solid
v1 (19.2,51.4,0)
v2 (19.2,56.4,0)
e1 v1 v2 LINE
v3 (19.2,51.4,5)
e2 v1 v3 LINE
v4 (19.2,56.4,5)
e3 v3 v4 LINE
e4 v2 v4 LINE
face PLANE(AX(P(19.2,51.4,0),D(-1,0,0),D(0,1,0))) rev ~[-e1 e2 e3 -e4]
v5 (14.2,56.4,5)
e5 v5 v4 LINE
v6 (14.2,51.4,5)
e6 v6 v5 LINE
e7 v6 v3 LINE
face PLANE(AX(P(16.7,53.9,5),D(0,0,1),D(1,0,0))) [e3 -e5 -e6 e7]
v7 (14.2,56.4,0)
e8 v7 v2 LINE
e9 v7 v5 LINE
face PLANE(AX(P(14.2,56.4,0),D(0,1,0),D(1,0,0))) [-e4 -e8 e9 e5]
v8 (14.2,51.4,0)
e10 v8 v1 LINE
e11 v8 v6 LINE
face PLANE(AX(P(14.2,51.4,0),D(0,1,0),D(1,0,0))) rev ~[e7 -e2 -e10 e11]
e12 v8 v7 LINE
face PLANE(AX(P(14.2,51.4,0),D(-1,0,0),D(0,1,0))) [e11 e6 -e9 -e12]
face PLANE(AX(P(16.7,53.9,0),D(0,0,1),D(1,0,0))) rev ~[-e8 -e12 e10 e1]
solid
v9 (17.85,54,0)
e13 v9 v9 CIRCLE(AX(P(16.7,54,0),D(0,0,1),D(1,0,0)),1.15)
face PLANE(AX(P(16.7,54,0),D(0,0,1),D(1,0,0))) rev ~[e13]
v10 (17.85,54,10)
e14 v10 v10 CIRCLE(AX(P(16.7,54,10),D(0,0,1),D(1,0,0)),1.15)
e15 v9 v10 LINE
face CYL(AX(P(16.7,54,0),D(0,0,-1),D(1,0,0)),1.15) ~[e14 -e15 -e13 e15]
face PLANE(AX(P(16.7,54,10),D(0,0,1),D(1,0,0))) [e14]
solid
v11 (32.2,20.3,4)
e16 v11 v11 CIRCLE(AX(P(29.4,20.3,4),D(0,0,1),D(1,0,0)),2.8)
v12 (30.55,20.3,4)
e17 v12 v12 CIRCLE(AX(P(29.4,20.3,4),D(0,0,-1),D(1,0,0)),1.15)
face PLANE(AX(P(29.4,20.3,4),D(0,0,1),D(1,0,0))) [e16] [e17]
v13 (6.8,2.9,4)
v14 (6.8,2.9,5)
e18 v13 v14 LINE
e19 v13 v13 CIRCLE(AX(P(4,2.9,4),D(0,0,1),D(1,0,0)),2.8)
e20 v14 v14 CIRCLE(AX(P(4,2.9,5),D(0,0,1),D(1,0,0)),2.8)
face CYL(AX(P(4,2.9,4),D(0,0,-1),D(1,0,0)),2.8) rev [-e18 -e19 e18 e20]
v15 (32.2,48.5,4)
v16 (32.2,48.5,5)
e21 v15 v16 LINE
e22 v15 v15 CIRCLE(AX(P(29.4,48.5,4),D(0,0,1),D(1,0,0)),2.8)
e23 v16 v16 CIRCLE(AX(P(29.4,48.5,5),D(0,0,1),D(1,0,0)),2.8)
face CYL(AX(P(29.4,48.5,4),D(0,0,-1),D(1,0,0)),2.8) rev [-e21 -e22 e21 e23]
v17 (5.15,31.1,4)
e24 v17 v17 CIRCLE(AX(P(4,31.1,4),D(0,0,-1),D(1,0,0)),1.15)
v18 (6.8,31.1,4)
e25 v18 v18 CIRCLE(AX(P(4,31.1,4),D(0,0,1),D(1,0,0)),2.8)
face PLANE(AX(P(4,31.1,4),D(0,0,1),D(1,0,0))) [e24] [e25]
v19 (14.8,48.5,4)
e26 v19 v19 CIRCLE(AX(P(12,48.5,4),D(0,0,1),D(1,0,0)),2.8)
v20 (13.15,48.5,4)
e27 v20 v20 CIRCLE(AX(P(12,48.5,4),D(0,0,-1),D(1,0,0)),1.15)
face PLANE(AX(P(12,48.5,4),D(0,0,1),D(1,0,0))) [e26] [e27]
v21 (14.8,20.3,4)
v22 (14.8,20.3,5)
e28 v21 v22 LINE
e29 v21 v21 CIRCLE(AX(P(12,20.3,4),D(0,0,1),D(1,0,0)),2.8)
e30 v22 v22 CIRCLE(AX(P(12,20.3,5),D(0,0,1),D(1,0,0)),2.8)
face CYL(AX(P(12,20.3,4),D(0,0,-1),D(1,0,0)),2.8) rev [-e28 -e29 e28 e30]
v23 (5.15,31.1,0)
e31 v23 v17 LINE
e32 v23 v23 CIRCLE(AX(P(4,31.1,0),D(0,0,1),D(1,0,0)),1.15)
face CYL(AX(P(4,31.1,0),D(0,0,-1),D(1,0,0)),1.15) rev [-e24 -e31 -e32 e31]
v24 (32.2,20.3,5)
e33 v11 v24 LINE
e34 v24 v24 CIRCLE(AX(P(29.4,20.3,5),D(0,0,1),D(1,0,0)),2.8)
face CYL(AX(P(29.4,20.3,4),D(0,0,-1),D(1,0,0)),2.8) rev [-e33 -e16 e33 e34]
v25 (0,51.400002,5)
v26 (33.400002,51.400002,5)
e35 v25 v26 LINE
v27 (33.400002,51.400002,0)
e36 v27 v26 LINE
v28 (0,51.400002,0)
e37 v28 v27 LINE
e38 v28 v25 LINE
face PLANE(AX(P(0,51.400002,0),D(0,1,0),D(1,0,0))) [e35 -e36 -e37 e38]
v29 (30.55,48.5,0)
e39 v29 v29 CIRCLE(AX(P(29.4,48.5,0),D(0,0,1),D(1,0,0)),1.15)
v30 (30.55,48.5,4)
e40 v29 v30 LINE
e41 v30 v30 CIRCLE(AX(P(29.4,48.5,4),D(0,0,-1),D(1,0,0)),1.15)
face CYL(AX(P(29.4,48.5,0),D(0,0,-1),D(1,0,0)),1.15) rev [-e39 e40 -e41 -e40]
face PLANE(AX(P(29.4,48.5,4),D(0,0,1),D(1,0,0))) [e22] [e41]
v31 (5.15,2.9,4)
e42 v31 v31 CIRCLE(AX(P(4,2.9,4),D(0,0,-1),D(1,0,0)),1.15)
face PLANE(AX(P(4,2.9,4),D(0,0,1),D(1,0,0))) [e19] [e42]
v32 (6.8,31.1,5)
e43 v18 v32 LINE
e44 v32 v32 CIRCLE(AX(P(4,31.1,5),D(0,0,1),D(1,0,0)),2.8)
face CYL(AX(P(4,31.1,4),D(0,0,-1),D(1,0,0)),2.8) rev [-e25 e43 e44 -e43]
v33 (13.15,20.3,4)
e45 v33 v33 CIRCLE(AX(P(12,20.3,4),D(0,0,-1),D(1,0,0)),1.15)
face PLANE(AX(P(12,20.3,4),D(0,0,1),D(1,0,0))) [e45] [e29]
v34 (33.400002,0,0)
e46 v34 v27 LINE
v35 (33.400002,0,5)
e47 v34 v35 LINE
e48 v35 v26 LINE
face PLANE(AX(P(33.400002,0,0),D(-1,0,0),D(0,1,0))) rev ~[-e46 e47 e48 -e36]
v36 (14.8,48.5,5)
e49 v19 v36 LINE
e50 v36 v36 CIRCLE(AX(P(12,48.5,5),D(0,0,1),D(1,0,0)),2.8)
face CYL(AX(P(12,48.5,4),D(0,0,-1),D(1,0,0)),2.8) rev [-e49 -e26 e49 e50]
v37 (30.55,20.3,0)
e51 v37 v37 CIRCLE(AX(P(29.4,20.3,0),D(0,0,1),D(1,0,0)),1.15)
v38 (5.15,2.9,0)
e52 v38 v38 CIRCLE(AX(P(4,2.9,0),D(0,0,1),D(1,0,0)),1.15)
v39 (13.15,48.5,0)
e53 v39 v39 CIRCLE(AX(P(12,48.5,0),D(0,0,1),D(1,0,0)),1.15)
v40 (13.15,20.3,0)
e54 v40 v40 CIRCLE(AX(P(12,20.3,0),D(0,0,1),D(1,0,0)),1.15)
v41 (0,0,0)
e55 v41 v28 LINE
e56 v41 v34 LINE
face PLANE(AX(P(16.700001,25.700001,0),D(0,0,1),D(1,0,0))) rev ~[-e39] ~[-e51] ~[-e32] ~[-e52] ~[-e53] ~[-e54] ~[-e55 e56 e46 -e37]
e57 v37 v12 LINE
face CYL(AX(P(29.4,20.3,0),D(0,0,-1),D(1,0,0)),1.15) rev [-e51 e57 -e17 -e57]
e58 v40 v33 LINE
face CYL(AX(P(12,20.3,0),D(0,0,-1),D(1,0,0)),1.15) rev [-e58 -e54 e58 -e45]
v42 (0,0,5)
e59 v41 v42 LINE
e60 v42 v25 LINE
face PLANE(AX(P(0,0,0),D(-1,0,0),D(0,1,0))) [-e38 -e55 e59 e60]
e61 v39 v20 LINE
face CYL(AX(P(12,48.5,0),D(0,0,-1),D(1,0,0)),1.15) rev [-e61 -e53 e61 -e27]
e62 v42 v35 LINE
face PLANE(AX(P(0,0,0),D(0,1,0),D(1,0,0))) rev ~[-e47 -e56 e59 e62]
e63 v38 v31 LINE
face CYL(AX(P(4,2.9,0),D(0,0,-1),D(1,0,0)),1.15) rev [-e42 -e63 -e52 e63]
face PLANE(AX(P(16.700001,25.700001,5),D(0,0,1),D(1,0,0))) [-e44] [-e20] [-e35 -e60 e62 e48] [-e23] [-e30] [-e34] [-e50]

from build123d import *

# Parameters (mm, degrees)
CYLINDER001_R                 = 1.15
CYLINDER001_DEPTH             = 10
CYLINDER002_R                 = 2.8
CYLINDER002_DEPTH             = 1
CYLINDER001001_R              = 1.15
CYLINDER001001_DEPTH          = 10
CYLINDER002001_R              = 2.8
CYLINDER002001_DEPTH          = 1
CYLINDER001001001_R           = 1.15
CYLINDER001001001_DEPTH       = 10
CYLINDER002001001_R           = 2.8
CYLINDER002001001_DEPTH       = 1
CYLINDER001001001001_R        = 1.15
CYLINDER001001001001_DEPTH    = 10
CYLINDER002001001001_R        = 2.8
CYLINDER002001001001_DEPTH    = 1
CYLINDER001001001001001_R     = 1.15
CYLINDER001001001001001_DEPTH = 10
CYLINDER002001001002_R        = 2.8
CYLINDER002001001002_DEPTH    = 1
CYLINDER001001001001002_R     = 1.15
CYLINDER001001001001002_DEPTH = 10
CYLINDER_R                    = 2.8
CYLINDER_DEPTH                = 1
BOX_W                         = 33.400002
BOX_H                         = 51.400002
BOX_DEPTH                     = 5
BOX001_W                      = 5
BOX001_H                      = 5
BOX001_DEPTH                  = 5
CYLINDER001001001001003_R     = 1.15
CYLINDER001001001001003_DEPTH = 10


with BuildPart() as cylinder001:
    # Cylinder001 → Cylinder001 (new body)
    with BuildSketch(Plane(origin=(4, 2.9, 0), x_dir=(1, 0, 0), z_dir=(0, 0, 1))):
        Circle(CYLINDER001_R)
    extrude(amount=CYLINDER001_DEPTH)


with BuildPart() as cylinder002:
    # Cylinder002 → Cylinder002 (new body)
    with BuildSketch(Plane(origin=(4, 31.1, 4), x_dir=(1, 0, 0), z_dir=(0, 0, 1))):
        Circle(CYLINDER002_R)
    extrude(amount=CYLINDER002_DEPTH)


with BuildPart() as cylinder001001:
    # Cylinder001001 → Cylinder001001 (new body)
    with BuildSketch(Plane(origin=(4, 31.1, 0), x_dir=(1, 0, 0), z_dir=(0, 0, 1))):
        Circle(CYLINDER001001_R)
    extrude(amount=CYLINDER001001_DEPTH)


with BuildPart() as cylinder002001:
    # Cylinder002001 → Cylinder002001 (new body)
    with BuildSketch(Plane(origin=(12, 20.3, 4), x_dir=(1, 0, 0), z_dir=(0, 0, 1))):
        Circle(CYLINDER002001_R)
    extrude(amount=CYLINDER002001_DEPTH)


with BuildPart() as cylinder001001001:
    # Cylinder001001001 → Cylinder001001001 (new body)
    with BuildSketch(Plane(origin=(12, 20.3, 0), x_dir=(1, 0, 0), z_dir=(0, 0, 1))):
        Circle(CYLINDER001001001_R)
    extrude(amount=CYLINDER001001001_DEPTH)


with BuildPart() as cylinder002001001:
    # Cylinder002001001 → Cylinder002001001 (new body)
    with BuildSketch(Plane(origin=(12, 48.5, 4), x_dir=(1, 0, 0), z_dir=(0, 0, 1))):
        Circle(CYLINDER002001001_R)
    extrude(amount=CYLINDER002001001_DEPTH)


with BuildPart() as cylinder001001001001:
    # Cylinder001001001001 → Cylinder001001001001 (new body)
    with BuildSketch(Plane(origin=(12, 48.5, 0), x_dir=(1, 0, 0), z_dir=(0, 0, 1))):
        Circle(CYLINDER001001001001_R)
    extrude(amount=CYLINDER001001001001_DEPTH)


with BuildPart() as cylinder002001001001:
    # Cylinder002001001001 → Cylinder002001001001 (new body)
    with BuildSketch(Plane(origin=(29.4, 48.5, 4), x_dir=(1, 0, 0), z_dir=(0, 0, 1))):
        Circle(CYLINDER002001001001_R)
    extrude(amount=CYLINDER002001001001_DEPTH)


with BuildPart() as cylinder001001001001001:
    # Cylinder001001001001001 → Cylinder001001001001001 (new body)
    with BuildSketch(Plane(origin=(29.4, 48.5, 0), x_dir=(1, 0, 0), z_dir=(0, 0, 1))):
        Circle(CYLINDER001001001001001_R)
    extrude(amount=CYLINDER001001001001001_DEPTH)


with BuildPart() as cylinder002001001002:
    # Cylinder002001001002 → Cylinder002001001002 (new body)
    with BuildSketch(Plane(origin=(29.4, 20.3, 4), x_dir=(1, 0, 0), z_dir=(0, 0, 1))):
        Circle(CYLINDER002001001002_R)
    extrude(amount=CYLINDER002001001002_DEPTH)


with BuildPart() as cylinder001001001001002:
    # Cylinder001001001001002 → Cylinder001001001001002 (new body)
    with BuildSketch(Plane(origin=(29.4, 20.3, 0), x_dir=(1, 0, 0), z_dir=(0, 0, 1))):
        Circle(CYLINDER001001001001002_R)
    extrude(amount=CYLINDER001001001001002_DEPTH)


with BuildPart() as cylinder:
    # Cylinder → Cylinder (new body)
    with BuildSketch(Plane(origin=(4, 2.9, 4), x_dir=(1, 0, 0), z_dir=(0, 0, 1))):
        Circle(CYLINDER_R)
    extrude(amount=CYLINDER_DEPTH)


with BuildPart() as cut011:
    # Box → Box (new body)
    with BuildSketch(Plane.XY):
        with Locations((16.700001, 25.700001)):
            Rectangle(BOX_W, BOX_H)
    extrude(amount=BOX_DEPTH)

    # Cut: cut Cylinder
    add(cylinder.part, mode=Mode.SUBTRACT)

    # Cut001: cut Cylinder001001001001002
    add(cylinder001001001001002.part, mode=Mode.SUBTRACT)

    # Cut002: cut Cylinder002001001002
    add(cylinder002001001002.part, mode=Mode.SUBTRACT)

    # Cut003: cut Cylinder001001001001001
    add(cylinder001001001001001.part, mode=Mode.SUBTRACT)

    # Cut004: cut Cylinder002001001001
    add(cylinder002001001001.part, mode=Mode.SUBTRACT)

    # Cut005: cut Cylinder001001001001
    add(cylinder001001001001.part, mode=Mode.SUBTRACT)

    # Cut006: cut Cylinder002001001
    add(cylinder002001001.part, mode=Mode.SUBTRACT)

    # Cut007: cut Cylinder001001001
    add(cylinder001001001.part, mode=Mode.SUBTRACT)

    # Cut008: cut Cylinder002001
    add(cylinder002001.part, mode=Mode.SUBTRACT)

    # Cut009: cut Cylinder001001
    add(cylinder001001.part, mode=Mode.SUBTRACT)

    # Cut010: cut Cylinder002
    add(cylinder002.part, mode=Mode.SUBTRACT)

    # Cut011: cut Cylinder001
    add(cylinder001.part, mode=Mode.SUBTRACT)


with BuildPart() as box001:
    # Box001 → Box001 (new body)
    with BuildSketch(Plane(origin=(14.2, 51.4, 0), x_dir=(1, 0, 0), z_dir=(0, 0, 1))):
        with Locations((2.5, 2.5)):
            Rectangle(BOX001_W, BOX001_H)
    extrude(amount=BOX001_DEPTH)


with BuildPart() as cylinder001001001001003:
    # Cylinder001001001001003 → Cylinder001001001001003 (new body)
    with BuildSketch(Plane(origin=(16.7, 54, 0), x_dir=(1, 0, 0), z_dir=(0, 0, 1))):
        Circle(CYLINDER001001001001003_R)
    extrude(amount=CYLINDER001001001001003_DEPTH)


solid = Compound([cut011.part, box001.part, cylinder001001001001003.part])
